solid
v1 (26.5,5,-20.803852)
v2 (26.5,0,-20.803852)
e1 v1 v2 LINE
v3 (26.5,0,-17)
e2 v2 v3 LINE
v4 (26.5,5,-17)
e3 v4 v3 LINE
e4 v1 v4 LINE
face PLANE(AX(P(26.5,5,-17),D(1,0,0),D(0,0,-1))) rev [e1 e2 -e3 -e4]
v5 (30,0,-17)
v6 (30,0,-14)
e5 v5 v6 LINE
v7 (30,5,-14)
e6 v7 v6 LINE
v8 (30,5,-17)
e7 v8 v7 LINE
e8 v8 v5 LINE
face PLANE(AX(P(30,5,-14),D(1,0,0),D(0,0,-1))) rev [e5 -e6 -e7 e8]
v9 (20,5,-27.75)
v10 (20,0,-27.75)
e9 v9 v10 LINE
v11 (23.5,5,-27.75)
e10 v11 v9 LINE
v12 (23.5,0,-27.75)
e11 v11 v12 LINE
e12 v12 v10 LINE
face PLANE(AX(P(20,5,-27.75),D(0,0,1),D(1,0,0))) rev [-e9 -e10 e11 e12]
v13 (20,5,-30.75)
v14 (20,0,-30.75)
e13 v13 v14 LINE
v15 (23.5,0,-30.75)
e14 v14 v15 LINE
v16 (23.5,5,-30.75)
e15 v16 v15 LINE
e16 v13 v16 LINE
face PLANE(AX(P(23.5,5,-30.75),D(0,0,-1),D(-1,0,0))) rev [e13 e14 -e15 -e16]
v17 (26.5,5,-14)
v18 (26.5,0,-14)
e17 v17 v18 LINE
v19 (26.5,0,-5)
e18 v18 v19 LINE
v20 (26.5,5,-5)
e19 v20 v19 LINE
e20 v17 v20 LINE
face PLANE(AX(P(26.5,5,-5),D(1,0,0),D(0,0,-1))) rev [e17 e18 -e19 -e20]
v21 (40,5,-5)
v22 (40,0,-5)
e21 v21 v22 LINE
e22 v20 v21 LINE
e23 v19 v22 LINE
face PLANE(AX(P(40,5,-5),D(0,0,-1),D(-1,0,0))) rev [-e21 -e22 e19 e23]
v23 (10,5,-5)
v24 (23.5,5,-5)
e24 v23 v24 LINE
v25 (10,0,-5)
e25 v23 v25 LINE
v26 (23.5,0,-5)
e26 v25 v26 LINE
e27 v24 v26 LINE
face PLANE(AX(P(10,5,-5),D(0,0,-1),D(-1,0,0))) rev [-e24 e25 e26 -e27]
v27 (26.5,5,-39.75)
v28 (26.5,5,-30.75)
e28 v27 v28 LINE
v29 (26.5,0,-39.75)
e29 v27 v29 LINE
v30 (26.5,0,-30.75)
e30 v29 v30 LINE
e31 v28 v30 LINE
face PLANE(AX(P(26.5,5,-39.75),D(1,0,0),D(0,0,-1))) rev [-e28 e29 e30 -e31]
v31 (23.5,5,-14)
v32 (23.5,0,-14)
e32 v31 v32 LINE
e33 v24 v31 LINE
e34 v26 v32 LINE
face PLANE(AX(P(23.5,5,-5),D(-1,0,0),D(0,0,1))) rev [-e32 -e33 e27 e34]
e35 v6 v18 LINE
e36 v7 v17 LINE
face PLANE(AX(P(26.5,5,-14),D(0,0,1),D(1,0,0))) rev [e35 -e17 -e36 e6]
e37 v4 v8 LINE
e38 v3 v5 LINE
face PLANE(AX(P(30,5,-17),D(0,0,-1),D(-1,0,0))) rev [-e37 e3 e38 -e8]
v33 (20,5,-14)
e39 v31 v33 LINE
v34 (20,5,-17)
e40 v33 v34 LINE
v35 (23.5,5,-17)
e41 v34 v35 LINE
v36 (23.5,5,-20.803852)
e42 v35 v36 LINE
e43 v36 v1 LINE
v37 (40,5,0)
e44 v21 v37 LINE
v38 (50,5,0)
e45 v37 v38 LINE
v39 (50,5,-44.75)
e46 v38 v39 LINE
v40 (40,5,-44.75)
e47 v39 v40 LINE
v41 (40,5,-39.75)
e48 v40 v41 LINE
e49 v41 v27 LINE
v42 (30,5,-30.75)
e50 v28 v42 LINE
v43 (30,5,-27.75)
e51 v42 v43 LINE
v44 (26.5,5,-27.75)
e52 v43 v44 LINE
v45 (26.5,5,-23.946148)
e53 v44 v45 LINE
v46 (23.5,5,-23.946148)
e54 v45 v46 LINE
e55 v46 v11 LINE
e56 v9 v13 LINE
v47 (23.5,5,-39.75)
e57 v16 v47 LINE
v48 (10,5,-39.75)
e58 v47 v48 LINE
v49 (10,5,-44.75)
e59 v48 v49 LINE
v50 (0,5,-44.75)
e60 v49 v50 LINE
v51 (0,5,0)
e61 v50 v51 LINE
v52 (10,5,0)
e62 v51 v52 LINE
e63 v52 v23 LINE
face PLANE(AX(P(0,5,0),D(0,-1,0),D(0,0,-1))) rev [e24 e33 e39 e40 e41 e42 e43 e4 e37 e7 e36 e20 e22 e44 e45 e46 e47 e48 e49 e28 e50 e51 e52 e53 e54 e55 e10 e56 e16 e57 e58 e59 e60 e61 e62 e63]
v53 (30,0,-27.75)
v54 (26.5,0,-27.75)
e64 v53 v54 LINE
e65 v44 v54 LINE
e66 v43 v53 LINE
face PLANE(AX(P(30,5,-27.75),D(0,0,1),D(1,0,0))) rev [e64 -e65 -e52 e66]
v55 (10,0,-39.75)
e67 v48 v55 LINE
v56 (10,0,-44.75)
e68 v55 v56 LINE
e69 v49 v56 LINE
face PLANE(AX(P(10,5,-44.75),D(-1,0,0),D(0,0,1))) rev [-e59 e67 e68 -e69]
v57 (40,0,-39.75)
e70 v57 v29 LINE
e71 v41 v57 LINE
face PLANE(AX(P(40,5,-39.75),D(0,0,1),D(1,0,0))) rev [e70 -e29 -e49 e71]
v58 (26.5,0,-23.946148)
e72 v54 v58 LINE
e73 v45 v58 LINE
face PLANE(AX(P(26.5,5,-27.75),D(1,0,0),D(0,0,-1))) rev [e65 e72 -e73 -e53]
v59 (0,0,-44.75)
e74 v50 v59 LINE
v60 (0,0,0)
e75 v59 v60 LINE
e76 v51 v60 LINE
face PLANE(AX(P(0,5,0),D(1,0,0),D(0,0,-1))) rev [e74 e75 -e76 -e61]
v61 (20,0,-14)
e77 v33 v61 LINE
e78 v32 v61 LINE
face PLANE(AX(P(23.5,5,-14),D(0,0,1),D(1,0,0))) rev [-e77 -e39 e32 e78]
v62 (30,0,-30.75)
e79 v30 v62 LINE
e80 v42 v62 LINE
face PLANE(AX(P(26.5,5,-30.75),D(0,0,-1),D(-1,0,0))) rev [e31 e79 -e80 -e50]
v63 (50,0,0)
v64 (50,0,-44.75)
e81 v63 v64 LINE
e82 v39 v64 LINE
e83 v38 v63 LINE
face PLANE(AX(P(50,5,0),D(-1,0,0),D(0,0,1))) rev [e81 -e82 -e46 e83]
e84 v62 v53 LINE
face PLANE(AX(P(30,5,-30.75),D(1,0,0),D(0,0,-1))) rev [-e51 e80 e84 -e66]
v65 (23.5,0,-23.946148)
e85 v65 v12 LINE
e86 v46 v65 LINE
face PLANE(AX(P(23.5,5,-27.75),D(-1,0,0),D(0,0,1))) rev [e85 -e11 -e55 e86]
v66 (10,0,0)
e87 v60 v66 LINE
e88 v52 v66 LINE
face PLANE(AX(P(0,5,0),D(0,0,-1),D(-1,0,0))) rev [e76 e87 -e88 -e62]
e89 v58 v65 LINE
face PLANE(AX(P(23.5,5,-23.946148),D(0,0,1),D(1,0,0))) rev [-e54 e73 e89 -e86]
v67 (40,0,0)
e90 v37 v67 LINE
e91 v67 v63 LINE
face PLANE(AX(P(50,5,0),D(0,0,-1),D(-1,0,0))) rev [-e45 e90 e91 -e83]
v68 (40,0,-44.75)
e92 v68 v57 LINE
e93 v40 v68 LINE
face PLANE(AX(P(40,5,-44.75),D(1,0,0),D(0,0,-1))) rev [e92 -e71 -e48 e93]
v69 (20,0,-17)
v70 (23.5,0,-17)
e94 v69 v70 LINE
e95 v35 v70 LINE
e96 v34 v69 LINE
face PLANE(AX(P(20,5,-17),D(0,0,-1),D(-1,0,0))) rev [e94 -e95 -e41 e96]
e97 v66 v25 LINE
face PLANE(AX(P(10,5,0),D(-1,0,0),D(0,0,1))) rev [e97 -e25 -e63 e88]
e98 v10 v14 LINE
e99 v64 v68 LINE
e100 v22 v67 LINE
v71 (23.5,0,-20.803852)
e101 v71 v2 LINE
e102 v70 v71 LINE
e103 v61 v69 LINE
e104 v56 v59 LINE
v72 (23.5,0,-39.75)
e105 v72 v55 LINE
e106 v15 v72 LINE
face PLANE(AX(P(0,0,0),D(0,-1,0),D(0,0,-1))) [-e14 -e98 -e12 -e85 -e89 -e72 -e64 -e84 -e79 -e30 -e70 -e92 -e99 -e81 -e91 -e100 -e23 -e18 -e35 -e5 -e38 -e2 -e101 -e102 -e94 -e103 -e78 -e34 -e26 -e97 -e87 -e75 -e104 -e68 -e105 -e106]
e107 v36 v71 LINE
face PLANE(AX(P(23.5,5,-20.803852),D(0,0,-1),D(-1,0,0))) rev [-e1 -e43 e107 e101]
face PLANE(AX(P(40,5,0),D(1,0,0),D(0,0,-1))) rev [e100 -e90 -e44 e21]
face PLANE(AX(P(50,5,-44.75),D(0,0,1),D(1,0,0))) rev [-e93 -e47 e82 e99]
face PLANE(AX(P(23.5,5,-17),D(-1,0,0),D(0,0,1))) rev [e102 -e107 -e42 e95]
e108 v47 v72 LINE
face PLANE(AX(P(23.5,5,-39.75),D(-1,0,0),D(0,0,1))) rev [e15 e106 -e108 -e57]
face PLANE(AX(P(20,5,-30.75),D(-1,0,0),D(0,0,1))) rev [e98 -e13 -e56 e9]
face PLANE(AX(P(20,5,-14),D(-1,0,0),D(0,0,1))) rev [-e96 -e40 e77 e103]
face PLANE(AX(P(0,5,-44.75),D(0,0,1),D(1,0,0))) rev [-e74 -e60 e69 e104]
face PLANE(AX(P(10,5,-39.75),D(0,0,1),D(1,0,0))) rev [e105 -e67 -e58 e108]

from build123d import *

# Parameters (mm, degrees)
SALIENTE_EXTRUIR1_DEPTH = 5


with BuildPart() as part:
    # Croquis1 → Saliente-Extruir1 (new body)
    with BuildSketch(Plane(origin=(0, 0, 0), x_dir=(1, 0, 0), z_dir=(0, 1, 0))):
        Polygon((0, 0), (10, 0), (10, 5), (23.5, 5), (23.5, 14), (20, 14), (20, 17), (23.5, 17), (23.5, 20.8038525), (26.5, 20.8038525), (26.5, 17), (30, 17), (30, 14), (26.5, 14), (26.5, 5), (40, 5), (40, 0), (50, 0), (50, 44.75), (40, 44.75), (40, 39.75), (26.5, 39.75), (26.5, 30.75), (30, 30.75), (30, 27.75), (26.5, 27.75), (26.5, 23.9461475), (23.5, 23.9461475), (23.5, 27.75), (20, 27.75), (20, 30.75), (23.5, 30.75), (23.5, 39.75), (10, 39.75), (10, 44.75), (0, 44.75), align=None)
    extrude(amount=SALIENTE_EXTRUIR1_DEPTH)


solid = part.part
